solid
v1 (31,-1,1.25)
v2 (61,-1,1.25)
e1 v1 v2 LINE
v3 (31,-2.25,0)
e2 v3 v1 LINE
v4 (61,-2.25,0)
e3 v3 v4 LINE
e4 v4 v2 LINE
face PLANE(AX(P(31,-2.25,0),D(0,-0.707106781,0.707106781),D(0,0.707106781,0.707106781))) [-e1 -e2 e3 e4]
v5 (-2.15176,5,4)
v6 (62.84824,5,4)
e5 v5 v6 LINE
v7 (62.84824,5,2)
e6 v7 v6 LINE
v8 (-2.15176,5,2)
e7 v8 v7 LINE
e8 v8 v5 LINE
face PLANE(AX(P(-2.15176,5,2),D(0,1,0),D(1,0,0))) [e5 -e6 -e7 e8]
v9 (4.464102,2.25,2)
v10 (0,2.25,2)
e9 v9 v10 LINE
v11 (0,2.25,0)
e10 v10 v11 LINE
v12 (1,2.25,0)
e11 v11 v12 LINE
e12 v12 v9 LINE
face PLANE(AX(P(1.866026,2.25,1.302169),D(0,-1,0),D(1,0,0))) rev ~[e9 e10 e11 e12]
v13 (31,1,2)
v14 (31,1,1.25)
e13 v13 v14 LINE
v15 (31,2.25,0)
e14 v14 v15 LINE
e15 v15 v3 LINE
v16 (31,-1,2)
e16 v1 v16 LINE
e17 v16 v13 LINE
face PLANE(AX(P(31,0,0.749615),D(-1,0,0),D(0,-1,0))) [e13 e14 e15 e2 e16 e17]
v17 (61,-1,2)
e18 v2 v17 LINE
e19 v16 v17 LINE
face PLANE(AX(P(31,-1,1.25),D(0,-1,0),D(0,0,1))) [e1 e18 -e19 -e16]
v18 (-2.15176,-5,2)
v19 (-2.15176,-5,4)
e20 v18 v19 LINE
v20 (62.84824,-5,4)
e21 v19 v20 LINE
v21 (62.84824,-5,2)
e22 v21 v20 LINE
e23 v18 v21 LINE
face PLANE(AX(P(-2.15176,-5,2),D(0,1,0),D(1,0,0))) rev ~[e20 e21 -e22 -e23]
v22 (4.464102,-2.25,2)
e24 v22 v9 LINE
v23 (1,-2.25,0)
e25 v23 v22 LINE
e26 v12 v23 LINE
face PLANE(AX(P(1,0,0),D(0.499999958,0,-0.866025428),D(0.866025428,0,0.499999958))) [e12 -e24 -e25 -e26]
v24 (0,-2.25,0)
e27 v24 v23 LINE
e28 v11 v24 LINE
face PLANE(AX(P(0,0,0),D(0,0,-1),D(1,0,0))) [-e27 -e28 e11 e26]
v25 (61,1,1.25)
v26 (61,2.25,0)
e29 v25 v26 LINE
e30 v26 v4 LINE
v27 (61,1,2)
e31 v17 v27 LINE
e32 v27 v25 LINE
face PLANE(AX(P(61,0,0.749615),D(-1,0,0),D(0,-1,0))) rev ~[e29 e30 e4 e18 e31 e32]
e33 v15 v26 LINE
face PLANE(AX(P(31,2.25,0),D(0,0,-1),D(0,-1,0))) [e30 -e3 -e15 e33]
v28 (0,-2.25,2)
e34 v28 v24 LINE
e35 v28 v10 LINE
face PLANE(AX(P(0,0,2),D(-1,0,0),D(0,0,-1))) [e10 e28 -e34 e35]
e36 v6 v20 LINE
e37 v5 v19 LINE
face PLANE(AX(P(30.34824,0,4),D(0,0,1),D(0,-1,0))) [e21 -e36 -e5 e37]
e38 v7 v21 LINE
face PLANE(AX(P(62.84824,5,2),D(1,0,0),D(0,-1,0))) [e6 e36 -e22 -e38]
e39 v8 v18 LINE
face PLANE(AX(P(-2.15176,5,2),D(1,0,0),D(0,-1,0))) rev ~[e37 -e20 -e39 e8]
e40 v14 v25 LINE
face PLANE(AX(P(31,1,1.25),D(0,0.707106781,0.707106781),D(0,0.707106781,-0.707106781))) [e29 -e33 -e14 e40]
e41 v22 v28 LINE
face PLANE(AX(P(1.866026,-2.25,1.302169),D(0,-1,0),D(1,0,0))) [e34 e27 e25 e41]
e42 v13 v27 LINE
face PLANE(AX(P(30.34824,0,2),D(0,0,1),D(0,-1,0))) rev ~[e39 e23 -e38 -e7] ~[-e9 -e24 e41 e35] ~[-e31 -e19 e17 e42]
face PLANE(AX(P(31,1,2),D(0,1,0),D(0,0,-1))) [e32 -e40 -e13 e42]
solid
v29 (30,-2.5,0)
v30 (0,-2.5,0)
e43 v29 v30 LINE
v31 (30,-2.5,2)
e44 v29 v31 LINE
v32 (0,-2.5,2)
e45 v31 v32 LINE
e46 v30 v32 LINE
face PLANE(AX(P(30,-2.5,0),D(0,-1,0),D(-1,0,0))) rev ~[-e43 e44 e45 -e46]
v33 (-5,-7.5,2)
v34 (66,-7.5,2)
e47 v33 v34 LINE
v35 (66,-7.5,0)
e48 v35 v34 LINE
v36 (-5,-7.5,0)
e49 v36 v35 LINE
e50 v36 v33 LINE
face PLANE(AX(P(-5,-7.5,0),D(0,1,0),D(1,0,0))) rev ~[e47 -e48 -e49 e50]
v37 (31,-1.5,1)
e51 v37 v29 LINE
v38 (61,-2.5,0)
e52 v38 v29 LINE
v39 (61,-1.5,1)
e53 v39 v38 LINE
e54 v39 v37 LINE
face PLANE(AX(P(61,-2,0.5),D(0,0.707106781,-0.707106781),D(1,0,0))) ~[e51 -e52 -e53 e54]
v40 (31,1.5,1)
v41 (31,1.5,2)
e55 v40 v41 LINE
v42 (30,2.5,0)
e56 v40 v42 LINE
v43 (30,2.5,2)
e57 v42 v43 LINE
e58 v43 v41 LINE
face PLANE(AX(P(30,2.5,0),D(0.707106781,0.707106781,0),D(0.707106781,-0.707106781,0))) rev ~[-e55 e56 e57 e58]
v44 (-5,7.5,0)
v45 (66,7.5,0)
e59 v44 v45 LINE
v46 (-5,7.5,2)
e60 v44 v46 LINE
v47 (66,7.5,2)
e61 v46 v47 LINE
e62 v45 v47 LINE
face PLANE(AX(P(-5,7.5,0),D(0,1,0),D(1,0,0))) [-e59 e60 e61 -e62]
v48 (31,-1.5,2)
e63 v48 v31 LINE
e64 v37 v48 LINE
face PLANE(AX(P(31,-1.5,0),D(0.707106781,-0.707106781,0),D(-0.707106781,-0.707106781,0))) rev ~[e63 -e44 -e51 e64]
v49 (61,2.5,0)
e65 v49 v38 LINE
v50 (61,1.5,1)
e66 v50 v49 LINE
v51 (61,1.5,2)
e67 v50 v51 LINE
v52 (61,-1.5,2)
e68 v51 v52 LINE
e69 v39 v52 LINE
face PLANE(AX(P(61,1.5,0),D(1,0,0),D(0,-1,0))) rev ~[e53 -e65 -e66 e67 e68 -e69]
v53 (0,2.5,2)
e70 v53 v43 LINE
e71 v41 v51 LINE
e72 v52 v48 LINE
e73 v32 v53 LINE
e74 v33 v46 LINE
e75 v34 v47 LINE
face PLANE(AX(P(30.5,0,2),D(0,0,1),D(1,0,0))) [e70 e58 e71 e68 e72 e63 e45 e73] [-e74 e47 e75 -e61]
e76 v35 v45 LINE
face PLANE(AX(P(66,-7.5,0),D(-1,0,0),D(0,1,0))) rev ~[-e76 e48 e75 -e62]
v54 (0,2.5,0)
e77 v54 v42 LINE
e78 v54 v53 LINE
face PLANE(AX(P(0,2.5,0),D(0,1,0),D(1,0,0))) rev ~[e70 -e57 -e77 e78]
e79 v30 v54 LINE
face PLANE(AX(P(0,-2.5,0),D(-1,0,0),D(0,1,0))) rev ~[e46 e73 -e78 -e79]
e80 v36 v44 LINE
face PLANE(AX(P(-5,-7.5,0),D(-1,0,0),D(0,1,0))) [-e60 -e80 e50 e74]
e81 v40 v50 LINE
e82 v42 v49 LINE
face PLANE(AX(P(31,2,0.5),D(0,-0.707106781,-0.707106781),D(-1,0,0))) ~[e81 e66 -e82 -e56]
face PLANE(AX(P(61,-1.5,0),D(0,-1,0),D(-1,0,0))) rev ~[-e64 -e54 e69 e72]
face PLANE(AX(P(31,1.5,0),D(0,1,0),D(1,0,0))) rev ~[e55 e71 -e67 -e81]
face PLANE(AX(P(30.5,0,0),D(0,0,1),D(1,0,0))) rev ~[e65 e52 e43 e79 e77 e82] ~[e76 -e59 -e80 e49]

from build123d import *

# Parameters (mm, degrees)
SKETCH_W     = 71
SKETCH_H     = 15
PAD_DEPTH    = 2
CHAMFER_SIZE = 1
PAD001_DEPTH = 30
SKETCH002_W  = 10
SKETCH002_H  = 65
PAD002_DEPTH = 2
PAD003_DEPTH = 2.25


with BuildPart() as test_piece:
    # Sketch → Pad (new body)
    with BuildSketch(Plane.XY):
        with Locations((30.5, 0)):
            Rectangle(SKETCH_W, SKETCH_H)
        Polygon((0, 2.5), (30, 2.5), (31, 1.5), (61, 1.5), (61, -1.5), (31, -1.5), (30, -2.5), (0, -2.5), align=None, mode=Mode.SUBTRACT)
    extrude(amount=PAD_DEPTH)

    # Chamfer
    chamfer_edges = [test_piece.edges().sort_by_distance(p)[0] for p in [
        (46, -1.5, 0),
        (46, 1.5, 0),
    ]]
    chamfer(chamfer_edges, length=CHAMFER_SIZE)


with BuildPart() as body001:
    # Sketch001 (on DatumPlane) → Pad001 (new body)
    with BuildSketch(Plane.YZ.offset(31)):
        Polygon((-1, 2), (1, 2), (1, 1.25), (2.25, 0), (-2.25, 0), (-1, 1.25), align=None)
    extrude(amount=PAD001_DEPTH)

    # Sketch002 (on DatumPlane) → Pad002 (join)
    with BuildSketch(Plane(origin=(31, 0, 2), x_dir=(0, -1, 0), z_dir=(0, 0, 1))):
        with Locations((0, -0.65176)):
            Rectangle(SKETCH002_W, SKETCH002_H)
    extrude(amount=PAD002_DEPTH)

    # Sketch003 (on DatumPlane) → Pad003 (join, symmetric)
    with BuildSketch(Plane.XZ):
        Polygon((0, 2), (0, 0), (1, 0), (4.464102, 2), align=None)
    extrude(amount=PAD003_DEPTH, both=True)


solid = Compound([test_piece.part, body001.part])
